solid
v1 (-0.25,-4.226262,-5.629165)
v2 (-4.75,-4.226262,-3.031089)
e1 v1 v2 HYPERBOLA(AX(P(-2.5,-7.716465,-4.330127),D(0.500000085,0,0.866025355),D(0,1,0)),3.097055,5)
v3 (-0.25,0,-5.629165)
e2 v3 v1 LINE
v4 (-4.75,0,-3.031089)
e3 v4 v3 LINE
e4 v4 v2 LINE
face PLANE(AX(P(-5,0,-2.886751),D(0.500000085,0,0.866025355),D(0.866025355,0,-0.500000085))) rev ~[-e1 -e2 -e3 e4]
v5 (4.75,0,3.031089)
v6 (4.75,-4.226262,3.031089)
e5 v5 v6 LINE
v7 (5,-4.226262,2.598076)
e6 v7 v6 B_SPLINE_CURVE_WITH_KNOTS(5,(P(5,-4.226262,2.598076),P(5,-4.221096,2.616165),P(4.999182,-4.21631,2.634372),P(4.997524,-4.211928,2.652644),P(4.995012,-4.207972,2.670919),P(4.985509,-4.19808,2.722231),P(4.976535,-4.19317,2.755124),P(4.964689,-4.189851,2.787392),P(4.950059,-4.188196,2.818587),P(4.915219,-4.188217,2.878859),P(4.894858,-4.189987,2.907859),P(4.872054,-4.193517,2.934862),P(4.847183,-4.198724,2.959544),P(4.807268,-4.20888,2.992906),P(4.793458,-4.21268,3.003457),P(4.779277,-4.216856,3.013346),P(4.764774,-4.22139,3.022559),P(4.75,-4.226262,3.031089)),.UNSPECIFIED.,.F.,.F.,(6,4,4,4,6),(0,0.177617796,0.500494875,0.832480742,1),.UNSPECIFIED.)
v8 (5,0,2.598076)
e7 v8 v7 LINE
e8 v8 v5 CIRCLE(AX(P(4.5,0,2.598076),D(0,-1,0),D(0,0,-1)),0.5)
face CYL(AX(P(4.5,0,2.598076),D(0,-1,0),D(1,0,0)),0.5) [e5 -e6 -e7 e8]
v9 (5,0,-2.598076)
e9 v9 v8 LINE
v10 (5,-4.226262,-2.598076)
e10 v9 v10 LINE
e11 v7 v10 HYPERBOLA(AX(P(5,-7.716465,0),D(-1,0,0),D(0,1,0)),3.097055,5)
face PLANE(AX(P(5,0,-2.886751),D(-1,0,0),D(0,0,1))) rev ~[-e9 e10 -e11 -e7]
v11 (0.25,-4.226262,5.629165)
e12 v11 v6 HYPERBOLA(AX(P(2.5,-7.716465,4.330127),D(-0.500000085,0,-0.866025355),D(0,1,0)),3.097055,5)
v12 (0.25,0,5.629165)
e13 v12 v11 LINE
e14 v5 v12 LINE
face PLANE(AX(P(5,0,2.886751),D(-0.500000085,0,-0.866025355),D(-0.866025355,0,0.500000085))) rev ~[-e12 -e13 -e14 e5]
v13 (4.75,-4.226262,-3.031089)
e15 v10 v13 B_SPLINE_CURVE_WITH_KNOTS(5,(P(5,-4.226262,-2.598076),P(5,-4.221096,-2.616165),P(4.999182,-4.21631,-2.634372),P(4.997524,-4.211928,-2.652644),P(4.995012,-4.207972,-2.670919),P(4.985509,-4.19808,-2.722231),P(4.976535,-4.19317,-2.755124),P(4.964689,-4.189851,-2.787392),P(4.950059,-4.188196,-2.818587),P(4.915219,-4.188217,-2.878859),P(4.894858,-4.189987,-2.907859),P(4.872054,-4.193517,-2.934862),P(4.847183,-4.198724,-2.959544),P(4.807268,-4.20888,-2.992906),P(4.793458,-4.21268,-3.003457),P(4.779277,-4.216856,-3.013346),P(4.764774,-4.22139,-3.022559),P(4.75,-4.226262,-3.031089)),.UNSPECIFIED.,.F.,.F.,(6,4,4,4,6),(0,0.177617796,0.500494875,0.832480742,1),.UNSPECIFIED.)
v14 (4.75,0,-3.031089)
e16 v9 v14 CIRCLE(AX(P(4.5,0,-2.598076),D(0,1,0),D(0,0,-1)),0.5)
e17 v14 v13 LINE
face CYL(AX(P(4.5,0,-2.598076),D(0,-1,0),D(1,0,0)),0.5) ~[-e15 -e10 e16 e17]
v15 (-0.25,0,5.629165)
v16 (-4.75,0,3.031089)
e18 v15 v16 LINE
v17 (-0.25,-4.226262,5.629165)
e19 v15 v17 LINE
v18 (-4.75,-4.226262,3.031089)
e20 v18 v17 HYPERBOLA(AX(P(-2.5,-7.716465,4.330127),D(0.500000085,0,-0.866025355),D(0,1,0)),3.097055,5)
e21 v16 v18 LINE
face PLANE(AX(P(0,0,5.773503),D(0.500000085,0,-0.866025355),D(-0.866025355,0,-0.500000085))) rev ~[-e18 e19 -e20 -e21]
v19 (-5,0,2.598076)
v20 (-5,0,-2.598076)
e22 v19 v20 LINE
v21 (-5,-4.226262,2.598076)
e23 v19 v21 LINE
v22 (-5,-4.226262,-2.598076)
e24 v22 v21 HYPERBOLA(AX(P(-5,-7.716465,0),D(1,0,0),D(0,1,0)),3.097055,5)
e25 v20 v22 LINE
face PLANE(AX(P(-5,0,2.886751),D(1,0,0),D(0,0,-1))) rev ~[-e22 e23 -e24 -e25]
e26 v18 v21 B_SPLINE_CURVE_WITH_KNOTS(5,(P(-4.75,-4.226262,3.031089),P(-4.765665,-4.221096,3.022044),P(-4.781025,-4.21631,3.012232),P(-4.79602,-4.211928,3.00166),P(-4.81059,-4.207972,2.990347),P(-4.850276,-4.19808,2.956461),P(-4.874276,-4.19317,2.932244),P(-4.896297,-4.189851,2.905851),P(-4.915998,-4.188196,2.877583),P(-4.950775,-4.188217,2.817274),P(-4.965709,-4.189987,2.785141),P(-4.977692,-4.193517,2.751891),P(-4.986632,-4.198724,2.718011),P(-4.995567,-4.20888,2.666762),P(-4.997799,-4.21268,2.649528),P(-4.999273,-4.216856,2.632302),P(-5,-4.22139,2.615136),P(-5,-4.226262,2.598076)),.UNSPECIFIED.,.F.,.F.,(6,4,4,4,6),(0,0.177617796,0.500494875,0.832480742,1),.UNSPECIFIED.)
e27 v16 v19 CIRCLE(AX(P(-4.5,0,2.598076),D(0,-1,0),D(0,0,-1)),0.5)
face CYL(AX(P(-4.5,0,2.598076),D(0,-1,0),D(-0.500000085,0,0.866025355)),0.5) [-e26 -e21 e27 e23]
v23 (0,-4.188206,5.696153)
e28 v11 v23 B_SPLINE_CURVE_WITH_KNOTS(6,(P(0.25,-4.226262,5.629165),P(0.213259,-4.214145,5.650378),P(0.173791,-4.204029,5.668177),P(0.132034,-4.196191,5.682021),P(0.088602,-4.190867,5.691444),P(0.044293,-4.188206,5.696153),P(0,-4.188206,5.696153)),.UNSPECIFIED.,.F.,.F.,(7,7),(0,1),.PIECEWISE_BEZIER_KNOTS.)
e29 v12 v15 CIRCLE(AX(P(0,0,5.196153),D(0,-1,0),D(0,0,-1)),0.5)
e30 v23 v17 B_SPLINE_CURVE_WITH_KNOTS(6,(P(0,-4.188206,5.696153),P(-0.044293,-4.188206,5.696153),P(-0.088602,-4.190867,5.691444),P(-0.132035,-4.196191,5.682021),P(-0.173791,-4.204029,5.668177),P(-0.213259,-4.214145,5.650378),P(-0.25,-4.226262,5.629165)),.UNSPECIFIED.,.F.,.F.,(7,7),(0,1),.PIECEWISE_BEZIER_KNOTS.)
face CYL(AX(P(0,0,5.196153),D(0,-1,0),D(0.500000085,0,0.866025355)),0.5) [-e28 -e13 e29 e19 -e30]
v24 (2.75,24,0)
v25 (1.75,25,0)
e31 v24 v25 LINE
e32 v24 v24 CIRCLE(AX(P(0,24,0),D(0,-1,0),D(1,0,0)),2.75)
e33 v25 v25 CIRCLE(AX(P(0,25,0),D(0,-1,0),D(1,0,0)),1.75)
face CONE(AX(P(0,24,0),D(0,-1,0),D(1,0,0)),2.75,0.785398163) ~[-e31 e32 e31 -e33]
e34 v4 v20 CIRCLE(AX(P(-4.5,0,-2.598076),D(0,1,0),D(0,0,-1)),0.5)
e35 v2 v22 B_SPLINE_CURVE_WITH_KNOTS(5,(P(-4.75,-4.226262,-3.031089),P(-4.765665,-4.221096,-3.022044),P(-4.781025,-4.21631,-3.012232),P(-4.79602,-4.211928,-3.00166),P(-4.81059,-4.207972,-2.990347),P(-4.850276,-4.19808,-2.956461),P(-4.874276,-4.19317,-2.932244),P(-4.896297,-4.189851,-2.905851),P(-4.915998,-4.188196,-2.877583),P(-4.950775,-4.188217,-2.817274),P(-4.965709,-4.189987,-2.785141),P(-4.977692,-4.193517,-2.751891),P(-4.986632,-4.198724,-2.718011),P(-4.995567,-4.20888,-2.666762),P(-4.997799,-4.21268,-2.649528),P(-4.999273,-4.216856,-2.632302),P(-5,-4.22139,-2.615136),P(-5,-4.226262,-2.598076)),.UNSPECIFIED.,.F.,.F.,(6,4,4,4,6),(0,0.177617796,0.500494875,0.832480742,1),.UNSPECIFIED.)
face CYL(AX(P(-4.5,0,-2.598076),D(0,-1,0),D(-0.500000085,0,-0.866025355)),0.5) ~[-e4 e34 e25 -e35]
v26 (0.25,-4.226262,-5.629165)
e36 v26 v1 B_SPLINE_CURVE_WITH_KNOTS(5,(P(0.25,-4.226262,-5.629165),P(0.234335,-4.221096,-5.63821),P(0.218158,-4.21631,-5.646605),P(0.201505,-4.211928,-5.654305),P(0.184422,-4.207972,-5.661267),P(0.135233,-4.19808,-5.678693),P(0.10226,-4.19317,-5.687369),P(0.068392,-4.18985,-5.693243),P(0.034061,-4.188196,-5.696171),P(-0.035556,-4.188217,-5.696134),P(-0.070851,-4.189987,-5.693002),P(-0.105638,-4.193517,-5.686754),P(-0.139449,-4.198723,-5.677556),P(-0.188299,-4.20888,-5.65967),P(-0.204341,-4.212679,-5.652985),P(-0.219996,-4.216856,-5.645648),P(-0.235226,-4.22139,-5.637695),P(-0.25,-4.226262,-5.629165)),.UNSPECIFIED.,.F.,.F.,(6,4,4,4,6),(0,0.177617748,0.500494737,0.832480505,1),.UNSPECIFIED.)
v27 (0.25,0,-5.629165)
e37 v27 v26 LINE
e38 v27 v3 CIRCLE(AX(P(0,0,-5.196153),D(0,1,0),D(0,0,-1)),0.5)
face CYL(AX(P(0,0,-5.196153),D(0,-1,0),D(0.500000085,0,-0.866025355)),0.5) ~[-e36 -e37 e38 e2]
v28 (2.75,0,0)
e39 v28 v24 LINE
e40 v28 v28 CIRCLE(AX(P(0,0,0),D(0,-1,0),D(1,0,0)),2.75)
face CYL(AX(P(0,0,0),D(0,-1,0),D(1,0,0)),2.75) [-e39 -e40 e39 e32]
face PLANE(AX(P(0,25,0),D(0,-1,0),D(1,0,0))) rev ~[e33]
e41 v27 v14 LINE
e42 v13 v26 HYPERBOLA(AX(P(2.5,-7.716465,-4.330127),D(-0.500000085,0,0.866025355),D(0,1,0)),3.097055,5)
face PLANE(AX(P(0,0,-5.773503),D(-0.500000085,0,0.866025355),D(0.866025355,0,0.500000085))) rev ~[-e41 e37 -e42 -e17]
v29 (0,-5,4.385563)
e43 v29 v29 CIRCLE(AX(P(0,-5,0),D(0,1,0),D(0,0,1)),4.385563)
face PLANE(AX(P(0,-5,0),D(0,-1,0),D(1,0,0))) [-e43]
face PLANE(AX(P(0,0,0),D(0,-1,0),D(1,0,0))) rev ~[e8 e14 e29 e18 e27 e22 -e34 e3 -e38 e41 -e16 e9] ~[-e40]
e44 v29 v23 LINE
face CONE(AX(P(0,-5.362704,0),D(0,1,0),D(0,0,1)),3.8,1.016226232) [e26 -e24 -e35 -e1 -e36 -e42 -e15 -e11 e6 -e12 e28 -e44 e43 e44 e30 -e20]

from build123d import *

# Parameters (mm, degrees)
F0_R     = 2.75
F1_DEPTH = 25
F2_SIZE  = 1
F4_DEPTH = 5
F5_R     = 0.5


with BuildPart() as f1:
    # F0 (on Front) → F1 (new body)
    with BuildSketch(Plane.XZ):
        Circle(F0_R)
    extrude(amount=-F1_DEPTH)

    # F2
    f2_edges = [f1.edges().sort_by_distance(p)[0] for p in [
        (-2.75, 25, 0),
    ]]
    chamfer(f2_edges, length=F2_SIZE)

    # F3 (on face) → F4 (join)
    with BuildSketch(Plane.XZ):
        Polygon((5, -2.886751), (5, 2.886751), (0, 5.773503), (-5, 2.886751), (-5, -2.886751), (0, -5.773503), align=None)
    extrude(amount=F4_DEPTH)

    # F5
    f5_edges = [f1.edges().sort_by_distance(p)[0] for p in [
        (5, -2.5, 2.886751),
        (0, -2.5, 5.773503),
        (-5, -2.5, 2.886751),
        (0, -2.5, -5.773503),
        (-5, -2.5, -2.886751),
        (5, -2.5, -2.886751),
    ]]
    fillet(f5_edges, radius=F5_R)

    # F6 (on Right) → F7 (revolve, cut)
    with BuildSketch(Plane.YZ):
        Polygon((-5.362704, 6), (-5.362704, 3.8), (-4, 6), align=None)
    revolve(axis=Axis((0, -4.871394, 0), (0, 1, 0)), mode=Mode.SUBTRACT)


solid = f1.part
